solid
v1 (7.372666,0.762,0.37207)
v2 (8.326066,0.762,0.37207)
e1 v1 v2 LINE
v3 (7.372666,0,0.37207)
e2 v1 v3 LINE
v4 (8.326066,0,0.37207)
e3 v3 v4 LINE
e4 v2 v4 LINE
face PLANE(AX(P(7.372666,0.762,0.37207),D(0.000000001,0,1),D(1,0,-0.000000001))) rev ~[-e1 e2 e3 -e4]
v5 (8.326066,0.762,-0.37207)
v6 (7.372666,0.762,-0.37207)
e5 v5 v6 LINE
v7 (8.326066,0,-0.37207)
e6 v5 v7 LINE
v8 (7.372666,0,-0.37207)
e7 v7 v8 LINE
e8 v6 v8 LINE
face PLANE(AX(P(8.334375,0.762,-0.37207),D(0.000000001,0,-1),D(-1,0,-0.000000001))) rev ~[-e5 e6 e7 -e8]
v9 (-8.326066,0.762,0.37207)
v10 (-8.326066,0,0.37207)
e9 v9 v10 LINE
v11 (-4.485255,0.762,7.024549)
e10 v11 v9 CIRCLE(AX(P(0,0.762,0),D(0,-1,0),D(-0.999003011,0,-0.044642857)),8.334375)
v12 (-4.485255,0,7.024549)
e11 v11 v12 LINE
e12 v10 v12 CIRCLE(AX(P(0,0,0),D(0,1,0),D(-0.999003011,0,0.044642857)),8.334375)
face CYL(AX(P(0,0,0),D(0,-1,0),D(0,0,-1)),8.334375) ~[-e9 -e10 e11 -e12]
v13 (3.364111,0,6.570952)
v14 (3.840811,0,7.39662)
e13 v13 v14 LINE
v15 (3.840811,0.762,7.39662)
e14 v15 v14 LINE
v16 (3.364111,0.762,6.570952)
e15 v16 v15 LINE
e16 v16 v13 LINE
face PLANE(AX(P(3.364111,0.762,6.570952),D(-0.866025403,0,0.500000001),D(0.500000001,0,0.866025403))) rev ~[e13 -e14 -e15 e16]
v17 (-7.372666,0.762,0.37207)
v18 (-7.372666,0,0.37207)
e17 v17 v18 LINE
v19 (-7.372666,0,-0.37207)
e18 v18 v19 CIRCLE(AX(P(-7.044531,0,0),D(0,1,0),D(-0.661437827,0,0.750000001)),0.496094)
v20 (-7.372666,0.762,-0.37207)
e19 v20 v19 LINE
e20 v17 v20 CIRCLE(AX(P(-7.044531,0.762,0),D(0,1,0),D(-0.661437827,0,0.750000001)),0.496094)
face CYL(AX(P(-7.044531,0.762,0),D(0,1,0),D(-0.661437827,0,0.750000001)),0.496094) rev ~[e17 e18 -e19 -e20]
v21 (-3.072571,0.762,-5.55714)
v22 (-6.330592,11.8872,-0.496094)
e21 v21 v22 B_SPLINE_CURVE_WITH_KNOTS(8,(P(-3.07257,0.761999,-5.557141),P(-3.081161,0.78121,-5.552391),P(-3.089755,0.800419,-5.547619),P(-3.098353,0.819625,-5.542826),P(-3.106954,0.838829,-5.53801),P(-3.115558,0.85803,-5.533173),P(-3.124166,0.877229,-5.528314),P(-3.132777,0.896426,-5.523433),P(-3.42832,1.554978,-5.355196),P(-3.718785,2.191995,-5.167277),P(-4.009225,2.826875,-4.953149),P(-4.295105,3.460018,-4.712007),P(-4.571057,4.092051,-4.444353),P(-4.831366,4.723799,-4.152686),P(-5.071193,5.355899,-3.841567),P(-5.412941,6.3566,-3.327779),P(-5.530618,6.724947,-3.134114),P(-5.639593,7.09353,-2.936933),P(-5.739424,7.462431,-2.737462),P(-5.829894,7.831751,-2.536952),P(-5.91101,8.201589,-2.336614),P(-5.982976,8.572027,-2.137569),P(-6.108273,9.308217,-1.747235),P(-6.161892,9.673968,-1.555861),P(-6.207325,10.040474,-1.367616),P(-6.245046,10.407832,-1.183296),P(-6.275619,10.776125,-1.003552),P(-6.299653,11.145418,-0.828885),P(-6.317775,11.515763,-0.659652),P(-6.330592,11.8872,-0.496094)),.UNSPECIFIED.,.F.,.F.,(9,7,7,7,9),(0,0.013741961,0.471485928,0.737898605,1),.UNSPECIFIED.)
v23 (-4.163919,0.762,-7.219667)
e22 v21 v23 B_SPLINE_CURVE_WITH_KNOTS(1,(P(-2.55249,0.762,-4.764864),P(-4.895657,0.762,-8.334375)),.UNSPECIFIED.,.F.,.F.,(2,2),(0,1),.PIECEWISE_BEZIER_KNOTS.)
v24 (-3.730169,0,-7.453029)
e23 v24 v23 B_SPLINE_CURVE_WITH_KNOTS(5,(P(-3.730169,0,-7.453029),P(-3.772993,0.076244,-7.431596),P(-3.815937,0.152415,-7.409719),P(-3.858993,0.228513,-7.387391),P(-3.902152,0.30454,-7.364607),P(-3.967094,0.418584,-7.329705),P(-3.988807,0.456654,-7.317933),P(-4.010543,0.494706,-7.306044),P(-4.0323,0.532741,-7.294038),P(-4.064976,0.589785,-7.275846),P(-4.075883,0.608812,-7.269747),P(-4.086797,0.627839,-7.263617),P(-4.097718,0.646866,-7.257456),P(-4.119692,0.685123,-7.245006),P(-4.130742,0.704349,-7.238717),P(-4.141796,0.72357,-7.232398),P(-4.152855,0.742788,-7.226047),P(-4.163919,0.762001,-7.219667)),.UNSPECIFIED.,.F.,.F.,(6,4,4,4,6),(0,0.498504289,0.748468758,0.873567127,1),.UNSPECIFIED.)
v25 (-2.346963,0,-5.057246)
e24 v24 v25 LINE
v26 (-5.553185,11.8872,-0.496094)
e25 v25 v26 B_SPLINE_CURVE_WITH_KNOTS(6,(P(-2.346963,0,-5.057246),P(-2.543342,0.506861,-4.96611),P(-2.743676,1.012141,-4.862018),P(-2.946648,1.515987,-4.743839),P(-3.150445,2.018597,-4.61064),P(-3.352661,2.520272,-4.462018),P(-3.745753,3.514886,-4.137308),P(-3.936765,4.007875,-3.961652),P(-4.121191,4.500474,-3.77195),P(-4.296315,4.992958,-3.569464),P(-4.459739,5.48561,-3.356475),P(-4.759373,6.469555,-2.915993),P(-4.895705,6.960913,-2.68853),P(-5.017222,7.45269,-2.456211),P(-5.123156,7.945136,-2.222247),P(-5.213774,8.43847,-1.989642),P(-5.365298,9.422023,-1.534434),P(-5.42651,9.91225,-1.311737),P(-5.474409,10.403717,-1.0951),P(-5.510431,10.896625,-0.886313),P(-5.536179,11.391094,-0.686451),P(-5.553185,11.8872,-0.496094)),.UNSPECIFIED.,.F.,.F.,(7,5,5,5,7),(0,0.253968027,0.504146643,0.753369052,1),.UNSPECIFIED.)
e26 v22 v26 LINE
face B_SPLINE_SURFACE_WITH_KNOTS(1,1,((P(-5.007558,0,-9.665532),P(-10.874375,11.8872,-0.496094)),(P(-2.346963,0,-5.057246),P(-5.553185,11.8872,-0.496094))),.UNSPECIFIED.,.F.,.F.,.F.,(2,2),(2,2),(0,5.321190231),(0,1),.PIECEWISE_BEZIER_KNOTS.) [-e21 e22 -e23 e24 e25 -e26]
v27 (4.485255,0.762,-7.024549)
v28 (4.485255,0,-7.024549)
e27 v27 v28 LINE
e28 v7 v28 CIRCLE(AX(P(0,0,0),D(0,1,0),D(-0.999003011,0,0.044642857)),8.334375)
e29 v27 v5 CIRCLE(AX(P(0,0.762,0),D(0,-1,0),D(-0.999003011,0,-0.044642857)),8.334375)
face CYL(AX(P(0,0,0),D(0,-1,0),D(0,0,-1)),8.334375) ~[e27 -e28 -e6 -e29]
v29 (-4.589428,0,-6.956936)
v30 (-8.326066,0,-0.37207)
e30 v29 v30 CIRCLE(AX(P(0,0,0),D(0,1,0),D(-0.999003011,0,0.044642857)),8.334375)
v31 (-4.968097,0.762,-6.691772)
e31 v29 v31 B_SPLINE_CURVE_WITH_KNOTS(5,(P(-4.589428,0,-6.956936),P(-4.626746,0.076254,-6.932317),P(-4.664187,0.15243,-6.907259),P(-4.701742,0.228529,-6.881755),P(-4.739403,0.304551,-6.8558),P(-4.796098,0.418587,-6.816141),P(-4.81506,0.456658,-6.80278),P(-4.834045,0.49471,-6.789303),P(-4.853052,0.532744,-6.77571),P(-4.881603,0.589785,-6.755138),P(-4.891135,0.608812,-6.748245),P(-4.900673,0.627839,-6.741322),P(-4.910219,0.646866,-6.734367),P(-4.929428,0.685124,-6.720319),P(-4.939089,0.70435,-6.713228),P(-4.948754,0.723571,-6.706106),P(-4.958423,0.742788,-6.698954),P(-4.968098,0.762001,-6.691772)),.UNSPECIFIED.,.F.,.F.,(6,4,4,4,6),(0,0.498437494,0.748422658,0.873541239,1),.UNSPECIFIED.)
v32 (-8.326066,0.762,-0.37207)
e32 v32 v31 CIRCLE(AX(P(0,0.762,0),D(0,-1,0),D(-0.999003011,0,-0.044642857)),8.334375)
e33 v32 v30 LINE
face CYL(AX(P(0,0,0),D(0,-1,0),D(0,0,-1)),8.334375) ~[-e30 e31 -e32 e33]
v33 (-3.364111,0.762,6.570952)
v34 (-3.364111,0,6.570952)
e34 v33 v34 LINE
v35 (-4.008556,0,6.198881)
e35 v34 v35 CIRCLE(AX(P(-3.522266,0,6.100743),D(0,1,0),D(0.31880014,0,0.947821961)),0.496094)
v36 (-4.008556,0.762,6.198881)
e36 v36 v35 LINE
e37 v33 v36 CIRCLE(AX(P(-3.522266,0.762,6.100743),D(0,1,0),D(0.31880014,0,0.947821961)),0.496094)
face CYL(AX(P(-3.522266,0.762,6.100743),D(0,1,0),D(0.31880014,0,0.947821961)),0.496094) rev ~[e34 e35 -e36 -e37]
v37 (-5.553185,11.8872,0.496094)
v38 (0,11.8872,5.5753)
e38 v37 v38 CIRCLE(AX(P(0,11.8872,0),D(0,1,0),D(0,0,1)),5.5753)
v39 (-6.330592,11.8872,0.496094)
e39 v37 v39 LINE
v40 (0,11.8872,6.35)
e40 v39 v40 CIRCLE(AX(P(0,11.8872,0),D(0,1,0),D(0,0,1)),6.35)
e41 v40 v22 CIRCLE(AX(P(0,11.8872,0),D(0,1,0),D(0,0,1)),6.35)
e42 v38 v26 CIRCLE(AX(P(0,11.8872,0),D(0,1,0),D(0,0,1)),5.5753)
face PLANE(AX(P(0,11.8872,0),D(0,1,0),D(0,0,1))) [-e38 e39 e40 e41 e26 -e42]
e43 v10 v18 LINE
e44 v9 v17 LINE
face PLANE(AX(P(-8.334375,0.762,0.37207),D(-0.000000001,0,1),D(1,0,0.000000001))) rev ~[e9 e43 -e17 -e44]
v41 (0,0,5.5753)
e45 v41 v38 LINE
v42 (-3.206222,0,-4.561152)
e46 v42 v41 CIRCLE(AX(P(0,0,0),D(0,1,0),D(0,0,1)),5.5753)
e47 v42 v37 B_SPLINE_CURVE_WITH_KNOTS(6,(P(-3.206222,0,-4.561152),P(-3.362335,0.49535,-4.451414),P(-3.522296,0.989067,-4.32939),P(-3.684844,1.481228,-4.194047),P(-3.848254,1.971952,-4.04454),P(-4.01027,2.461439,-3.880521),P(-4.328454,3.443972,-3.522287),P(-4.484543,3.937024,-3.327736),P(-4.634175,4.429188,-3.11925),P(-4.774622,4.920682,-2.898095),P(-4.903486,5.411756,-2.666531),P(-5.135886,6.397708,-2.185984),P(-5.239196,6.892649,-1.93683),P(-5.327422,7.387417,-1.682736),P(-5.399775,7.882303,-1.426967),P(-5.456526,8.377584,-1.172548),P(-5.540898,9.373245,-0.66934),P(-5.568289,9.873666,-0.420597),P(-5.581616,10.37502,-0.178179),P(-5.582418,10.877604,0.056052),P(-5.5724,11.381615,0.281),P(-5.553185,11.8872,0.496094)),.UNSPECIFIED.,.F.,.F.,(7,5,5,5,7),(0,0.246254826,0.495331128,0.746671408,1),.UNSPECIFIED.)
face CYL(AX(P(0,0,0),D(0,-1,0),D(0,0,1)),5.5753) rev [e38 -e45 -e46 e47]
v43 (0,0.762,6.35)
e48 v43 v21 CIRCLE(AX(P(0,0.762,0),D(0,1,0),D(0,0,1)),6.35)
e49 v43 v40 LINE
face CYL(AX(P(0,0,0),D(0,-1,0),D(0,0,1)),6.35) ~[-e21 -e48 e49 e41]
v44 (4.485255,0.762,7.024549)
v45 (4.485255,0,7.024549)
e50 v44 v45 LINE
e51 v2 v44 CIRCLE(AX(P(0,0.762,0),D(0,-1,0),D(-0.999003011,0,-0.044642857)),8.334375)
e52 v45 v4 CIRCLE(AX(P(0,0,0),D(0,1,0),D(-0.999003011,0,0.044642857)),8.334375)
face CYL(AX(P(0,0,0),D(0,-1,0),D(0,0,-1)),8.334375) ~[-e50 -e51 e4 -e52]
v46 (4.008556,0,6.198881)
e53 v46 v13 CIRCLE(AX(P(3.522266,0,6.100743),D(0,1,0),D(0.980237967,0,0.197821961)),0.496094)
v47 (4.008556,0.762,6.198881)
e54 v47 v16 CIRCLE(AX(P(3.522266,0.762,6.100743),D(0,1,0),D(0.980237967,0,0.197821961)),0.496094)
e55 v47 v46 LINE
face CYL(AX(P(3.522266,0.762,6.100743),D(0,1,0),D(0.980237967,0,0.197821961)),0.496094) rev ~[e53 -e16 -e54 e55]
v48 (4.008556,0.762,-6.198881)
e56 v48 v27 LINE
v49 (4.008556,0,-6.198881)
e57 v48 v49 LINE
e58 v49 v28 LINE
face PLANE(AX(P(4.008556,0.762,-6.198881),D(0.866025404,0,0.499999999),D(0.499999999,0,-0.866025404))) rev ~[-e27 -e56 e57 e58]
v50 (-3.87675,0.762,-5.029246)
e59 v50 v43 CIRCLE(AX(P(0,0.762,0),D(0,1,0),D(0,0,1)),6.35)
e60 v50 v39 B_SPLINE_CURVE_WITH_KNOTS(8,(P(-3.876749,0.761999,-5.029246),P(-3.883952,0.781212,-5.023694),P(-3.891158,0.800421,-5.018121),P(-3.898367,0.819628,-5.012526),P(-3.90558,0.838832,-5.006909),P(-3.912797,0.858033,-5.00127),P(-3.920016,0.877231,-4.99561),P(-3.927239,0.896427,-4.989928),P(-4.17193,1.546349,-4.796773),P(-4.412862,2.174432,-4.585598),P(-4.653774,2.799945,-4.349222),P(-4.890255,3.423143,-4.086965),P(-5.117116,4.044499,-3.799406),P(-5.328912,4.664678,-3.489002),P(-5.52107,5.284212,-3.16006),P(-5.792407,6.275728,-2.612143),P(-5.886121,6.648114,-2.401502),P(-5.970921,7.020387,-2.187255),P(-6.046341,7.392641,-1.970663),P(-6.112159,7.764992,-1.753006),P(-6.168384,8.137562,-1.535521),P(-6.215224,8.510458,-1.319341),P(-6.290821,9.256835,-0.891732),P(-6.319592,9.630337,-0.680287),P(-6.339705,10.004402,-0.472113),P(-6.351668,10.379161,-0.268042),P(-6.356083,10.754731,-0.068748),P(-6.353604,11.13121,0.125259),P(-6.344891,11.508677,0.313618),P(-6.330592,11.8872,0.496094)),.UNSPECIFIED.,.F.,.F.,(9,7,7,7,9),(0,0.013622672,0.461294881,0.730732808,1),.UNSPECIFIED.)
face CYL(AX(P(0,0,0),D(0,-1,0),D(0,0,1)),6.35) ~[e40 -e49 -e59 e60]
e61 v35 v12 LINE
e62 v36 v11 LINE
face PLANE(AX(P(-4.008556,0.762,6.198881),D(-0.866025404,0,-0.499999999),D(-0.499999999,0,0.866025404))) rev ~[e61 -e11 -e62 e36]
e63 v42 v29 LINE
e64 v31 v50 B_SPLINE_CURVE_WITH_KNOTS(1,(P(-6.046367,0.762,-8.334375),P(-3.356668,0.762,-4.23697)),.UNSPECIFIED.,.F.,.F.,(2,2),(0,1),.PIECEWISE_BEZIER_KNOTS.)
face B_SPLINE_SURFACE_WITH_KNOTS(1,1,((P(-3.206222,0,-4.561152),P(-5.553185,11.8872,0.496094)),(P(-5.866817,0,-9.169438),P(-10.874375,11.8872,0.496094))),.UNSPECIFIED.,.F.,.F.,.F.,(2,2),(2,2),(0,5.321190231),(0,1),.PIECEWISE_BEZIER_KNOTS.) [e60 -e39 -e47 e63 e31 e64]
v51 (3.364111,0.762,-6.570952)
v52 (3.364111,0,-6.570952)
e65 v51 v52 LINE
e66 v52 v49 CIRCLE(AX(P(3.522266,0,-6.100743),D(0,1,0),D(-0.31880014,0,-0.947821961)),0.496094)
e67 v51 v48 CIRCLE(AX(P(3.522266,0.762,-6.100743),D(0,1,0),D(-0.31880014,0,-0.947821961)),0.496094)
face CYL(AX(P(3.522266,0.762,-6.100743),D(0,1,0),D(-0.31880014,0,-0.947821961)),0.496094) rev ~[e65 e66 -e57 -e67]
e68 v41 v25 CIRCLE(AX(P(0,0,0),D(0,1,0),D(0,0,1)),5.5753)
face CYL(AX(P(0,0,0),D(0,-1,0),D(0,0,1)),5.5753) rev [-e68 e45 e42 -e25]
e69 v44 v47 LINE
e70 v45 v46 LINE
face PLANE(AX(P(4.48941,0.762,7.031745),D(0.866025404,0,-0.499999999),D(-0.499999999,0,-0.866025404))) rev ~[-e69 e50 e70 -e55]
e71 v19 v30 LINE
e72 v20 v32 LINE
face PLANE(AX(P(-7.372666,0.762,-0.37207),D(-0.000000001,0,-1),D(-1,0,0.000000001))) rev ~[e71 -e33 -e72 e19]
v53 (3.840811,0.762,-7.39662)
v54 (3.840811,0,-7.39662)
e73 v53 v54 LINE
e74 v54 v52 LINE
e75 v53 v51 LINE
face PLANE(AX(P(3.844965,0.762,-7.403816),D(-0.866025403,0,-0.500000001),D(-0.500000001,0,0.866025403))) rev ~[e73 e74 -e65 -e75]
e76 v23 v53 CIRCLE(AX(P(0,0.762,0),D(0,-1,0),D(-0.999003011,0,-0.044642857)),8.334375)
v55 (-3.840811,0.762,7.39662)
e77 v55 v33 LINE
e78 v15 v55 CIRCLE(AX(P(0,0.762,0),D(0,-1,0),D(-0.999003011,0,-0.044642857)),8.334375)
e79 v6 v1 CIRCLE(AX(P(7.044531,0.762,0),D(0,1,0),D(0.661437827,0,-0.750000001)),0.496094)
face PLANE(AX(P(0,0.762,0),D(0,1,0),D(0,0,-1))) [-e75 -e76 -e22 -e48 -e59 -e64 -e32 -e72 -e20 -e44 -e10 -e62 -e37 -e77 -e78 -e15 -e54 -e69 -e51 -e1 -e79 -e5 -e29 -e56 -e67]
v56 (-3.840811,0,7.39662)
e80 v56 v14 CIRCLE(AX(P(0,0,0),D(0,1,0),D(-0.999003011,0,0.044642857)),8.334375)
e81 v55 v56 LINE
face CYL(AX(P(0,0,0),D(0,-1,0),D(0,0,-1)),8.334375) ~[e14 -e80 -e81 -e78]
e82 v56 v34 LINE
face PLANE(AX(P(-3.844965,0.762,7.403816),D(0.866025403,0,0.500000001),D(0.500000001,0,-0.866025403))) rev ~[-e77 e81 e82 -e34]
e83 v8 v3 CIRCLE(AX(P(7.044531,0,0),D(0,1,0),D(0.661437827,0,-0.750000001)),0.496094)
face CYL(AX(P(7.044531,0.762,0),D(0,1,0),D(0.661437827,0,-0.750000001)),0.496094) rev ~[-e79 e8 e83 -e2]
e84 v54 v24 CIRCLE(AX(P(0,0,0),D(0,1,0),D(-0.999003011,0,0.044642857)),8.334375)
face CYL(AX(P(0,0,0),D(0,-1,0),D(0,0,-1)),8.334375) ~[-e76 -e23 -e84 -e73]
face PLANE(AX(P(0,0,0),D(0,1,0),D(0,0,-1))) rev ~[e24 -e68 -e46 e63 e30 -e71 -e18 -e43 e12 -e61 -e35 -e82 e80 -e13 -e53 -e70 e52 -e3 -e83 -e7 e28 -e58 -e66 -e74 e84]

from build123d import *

# Parameters (mm, degrees)
SKETCH2_R           = 6.35
SKETCH2_R_2         = 5.5753
BOSS_EXTRUDE1_DEPTH = 11.8872
SKETCH3_R           = 8.334375
SKETCH3_R_2         = 6.35
BOSS_EXTRUDE2_DEPTH = 0.762
CUT_EXTRUDE1_DEPTH  = 17.207827995
CIRPATTERN1_COUNT   = 6


with BuildPart() as part:
    # Sketch2 → Boss-Extrude1 (new body)
    with BuildSketch(Plane(origin=(0, 0, 0), x_dir=(1, 0, 0), z_dir=(0, 1, 0))):
        with Locations(Location((0, 0, 0), (0, 0, 270))):
            Circle(SKETCH2_R)
        with Locations(Location((0, 0, 0), (0, 0, 270))):
            Circle(SKETCH2_R_2, mode=Mode.SUBTRACT)
    extrude(amount=BOSS_EXTRUDE1_DEPTH)

    # Sketch3 → Boss-Extrude2 (add)
    with BuildSketch(Plane(origin=(0, 0, 0), x_dir=(1, 0, 0), z_dir=(0, 1, 0))):
        with Locations(Location((0, 0, 0), (0, 0, 90))):
            Circle(SKETCH3_R)
        with Locations(Location((0, 0, 0), (0, 0, 270))):
            Circle(SKETCH3_R_2, mode=Mode.SUBTRACT)
    extrude(amount=BOSS_EXTRUDE2_DEPTH)

    # Sketch7 → Cut-Extrude1 (cut, through all)
    with BuildSketch(Plane(origin=(0, 0.762, 0), x_dir=(1, 0, 0), z_dir=(0, 1, 0))):
        with BuildLine():
            Line((-7.372666422, 0.372070313), (-8.334375, 0.372070312))
            Line((-8.334375, 0.372070312), (-8.334375, -0.372070312))
            Line((-8.334375, -0.372070312), (-7.372666422, -0.372070313))
            ThreePointArc((-7.372666422, -0.372070313), (-6.5484375, 0), (-7.372666422, 0.372070313))
        make_face()
    cut_extrude1 = extrude(amount=-CUT_EXTRUDE1_DEPTH, mode=Mode.SUBTRACT)

    # CirPattern1: Cut-Extrude1 ×6 about axis, 1 skipped
    cirpattern1_axis = Axis((0, 11.8872, 0), (0, -1, 0))
    add([cut_extrude1.rotate(cirpattern1_axis, i * 360 / CIRPATTERN1_COUNT) for i in range(1, CIRPATTERN1_COUNT) if i not in (1,)], mode=Mode.SUBTRACT)

    # Sketch13 → Cut-Loft1 section 0
    with BuildSketch(Plane.XZ):
        with BuildLine():
            Line((-3.206222175, -4.561152207), (-5.86681729, -9.169438125))
            Line((-5.86681729, -9.169438125), (-5.00755771, -9.665531875))
            Line((-5.00755771, -9.665531875), (-2.346962594, -5.057245957))
            Line((-2.346962594, -5.057245957), (-3.206222175, -4.561152207))
        make_face()
    # Sketch12 → Cut-Loft1 section 1
    with BuildSketch(Plane(origin=(0, 11.8872, 0), x_dir=(1, 0, 0), z_dir=(0, 1, 0))):
        with BuildLine():
            Line((-10.874375, 0.49609375), (-5.553184769, 0.49609375))
            Line((-5.553184769, 0.49609375), (-5.553184769, -0.49609375))
            Line((-5.553184769, -0.49609375), (-10.874375, -0.49609375))
            Line((-10.874375, -0.49609375), (-10.874375, 0.49609375))
        make_face()
    loft(mode=Mode.SUBTRACT)


solid = part.part
